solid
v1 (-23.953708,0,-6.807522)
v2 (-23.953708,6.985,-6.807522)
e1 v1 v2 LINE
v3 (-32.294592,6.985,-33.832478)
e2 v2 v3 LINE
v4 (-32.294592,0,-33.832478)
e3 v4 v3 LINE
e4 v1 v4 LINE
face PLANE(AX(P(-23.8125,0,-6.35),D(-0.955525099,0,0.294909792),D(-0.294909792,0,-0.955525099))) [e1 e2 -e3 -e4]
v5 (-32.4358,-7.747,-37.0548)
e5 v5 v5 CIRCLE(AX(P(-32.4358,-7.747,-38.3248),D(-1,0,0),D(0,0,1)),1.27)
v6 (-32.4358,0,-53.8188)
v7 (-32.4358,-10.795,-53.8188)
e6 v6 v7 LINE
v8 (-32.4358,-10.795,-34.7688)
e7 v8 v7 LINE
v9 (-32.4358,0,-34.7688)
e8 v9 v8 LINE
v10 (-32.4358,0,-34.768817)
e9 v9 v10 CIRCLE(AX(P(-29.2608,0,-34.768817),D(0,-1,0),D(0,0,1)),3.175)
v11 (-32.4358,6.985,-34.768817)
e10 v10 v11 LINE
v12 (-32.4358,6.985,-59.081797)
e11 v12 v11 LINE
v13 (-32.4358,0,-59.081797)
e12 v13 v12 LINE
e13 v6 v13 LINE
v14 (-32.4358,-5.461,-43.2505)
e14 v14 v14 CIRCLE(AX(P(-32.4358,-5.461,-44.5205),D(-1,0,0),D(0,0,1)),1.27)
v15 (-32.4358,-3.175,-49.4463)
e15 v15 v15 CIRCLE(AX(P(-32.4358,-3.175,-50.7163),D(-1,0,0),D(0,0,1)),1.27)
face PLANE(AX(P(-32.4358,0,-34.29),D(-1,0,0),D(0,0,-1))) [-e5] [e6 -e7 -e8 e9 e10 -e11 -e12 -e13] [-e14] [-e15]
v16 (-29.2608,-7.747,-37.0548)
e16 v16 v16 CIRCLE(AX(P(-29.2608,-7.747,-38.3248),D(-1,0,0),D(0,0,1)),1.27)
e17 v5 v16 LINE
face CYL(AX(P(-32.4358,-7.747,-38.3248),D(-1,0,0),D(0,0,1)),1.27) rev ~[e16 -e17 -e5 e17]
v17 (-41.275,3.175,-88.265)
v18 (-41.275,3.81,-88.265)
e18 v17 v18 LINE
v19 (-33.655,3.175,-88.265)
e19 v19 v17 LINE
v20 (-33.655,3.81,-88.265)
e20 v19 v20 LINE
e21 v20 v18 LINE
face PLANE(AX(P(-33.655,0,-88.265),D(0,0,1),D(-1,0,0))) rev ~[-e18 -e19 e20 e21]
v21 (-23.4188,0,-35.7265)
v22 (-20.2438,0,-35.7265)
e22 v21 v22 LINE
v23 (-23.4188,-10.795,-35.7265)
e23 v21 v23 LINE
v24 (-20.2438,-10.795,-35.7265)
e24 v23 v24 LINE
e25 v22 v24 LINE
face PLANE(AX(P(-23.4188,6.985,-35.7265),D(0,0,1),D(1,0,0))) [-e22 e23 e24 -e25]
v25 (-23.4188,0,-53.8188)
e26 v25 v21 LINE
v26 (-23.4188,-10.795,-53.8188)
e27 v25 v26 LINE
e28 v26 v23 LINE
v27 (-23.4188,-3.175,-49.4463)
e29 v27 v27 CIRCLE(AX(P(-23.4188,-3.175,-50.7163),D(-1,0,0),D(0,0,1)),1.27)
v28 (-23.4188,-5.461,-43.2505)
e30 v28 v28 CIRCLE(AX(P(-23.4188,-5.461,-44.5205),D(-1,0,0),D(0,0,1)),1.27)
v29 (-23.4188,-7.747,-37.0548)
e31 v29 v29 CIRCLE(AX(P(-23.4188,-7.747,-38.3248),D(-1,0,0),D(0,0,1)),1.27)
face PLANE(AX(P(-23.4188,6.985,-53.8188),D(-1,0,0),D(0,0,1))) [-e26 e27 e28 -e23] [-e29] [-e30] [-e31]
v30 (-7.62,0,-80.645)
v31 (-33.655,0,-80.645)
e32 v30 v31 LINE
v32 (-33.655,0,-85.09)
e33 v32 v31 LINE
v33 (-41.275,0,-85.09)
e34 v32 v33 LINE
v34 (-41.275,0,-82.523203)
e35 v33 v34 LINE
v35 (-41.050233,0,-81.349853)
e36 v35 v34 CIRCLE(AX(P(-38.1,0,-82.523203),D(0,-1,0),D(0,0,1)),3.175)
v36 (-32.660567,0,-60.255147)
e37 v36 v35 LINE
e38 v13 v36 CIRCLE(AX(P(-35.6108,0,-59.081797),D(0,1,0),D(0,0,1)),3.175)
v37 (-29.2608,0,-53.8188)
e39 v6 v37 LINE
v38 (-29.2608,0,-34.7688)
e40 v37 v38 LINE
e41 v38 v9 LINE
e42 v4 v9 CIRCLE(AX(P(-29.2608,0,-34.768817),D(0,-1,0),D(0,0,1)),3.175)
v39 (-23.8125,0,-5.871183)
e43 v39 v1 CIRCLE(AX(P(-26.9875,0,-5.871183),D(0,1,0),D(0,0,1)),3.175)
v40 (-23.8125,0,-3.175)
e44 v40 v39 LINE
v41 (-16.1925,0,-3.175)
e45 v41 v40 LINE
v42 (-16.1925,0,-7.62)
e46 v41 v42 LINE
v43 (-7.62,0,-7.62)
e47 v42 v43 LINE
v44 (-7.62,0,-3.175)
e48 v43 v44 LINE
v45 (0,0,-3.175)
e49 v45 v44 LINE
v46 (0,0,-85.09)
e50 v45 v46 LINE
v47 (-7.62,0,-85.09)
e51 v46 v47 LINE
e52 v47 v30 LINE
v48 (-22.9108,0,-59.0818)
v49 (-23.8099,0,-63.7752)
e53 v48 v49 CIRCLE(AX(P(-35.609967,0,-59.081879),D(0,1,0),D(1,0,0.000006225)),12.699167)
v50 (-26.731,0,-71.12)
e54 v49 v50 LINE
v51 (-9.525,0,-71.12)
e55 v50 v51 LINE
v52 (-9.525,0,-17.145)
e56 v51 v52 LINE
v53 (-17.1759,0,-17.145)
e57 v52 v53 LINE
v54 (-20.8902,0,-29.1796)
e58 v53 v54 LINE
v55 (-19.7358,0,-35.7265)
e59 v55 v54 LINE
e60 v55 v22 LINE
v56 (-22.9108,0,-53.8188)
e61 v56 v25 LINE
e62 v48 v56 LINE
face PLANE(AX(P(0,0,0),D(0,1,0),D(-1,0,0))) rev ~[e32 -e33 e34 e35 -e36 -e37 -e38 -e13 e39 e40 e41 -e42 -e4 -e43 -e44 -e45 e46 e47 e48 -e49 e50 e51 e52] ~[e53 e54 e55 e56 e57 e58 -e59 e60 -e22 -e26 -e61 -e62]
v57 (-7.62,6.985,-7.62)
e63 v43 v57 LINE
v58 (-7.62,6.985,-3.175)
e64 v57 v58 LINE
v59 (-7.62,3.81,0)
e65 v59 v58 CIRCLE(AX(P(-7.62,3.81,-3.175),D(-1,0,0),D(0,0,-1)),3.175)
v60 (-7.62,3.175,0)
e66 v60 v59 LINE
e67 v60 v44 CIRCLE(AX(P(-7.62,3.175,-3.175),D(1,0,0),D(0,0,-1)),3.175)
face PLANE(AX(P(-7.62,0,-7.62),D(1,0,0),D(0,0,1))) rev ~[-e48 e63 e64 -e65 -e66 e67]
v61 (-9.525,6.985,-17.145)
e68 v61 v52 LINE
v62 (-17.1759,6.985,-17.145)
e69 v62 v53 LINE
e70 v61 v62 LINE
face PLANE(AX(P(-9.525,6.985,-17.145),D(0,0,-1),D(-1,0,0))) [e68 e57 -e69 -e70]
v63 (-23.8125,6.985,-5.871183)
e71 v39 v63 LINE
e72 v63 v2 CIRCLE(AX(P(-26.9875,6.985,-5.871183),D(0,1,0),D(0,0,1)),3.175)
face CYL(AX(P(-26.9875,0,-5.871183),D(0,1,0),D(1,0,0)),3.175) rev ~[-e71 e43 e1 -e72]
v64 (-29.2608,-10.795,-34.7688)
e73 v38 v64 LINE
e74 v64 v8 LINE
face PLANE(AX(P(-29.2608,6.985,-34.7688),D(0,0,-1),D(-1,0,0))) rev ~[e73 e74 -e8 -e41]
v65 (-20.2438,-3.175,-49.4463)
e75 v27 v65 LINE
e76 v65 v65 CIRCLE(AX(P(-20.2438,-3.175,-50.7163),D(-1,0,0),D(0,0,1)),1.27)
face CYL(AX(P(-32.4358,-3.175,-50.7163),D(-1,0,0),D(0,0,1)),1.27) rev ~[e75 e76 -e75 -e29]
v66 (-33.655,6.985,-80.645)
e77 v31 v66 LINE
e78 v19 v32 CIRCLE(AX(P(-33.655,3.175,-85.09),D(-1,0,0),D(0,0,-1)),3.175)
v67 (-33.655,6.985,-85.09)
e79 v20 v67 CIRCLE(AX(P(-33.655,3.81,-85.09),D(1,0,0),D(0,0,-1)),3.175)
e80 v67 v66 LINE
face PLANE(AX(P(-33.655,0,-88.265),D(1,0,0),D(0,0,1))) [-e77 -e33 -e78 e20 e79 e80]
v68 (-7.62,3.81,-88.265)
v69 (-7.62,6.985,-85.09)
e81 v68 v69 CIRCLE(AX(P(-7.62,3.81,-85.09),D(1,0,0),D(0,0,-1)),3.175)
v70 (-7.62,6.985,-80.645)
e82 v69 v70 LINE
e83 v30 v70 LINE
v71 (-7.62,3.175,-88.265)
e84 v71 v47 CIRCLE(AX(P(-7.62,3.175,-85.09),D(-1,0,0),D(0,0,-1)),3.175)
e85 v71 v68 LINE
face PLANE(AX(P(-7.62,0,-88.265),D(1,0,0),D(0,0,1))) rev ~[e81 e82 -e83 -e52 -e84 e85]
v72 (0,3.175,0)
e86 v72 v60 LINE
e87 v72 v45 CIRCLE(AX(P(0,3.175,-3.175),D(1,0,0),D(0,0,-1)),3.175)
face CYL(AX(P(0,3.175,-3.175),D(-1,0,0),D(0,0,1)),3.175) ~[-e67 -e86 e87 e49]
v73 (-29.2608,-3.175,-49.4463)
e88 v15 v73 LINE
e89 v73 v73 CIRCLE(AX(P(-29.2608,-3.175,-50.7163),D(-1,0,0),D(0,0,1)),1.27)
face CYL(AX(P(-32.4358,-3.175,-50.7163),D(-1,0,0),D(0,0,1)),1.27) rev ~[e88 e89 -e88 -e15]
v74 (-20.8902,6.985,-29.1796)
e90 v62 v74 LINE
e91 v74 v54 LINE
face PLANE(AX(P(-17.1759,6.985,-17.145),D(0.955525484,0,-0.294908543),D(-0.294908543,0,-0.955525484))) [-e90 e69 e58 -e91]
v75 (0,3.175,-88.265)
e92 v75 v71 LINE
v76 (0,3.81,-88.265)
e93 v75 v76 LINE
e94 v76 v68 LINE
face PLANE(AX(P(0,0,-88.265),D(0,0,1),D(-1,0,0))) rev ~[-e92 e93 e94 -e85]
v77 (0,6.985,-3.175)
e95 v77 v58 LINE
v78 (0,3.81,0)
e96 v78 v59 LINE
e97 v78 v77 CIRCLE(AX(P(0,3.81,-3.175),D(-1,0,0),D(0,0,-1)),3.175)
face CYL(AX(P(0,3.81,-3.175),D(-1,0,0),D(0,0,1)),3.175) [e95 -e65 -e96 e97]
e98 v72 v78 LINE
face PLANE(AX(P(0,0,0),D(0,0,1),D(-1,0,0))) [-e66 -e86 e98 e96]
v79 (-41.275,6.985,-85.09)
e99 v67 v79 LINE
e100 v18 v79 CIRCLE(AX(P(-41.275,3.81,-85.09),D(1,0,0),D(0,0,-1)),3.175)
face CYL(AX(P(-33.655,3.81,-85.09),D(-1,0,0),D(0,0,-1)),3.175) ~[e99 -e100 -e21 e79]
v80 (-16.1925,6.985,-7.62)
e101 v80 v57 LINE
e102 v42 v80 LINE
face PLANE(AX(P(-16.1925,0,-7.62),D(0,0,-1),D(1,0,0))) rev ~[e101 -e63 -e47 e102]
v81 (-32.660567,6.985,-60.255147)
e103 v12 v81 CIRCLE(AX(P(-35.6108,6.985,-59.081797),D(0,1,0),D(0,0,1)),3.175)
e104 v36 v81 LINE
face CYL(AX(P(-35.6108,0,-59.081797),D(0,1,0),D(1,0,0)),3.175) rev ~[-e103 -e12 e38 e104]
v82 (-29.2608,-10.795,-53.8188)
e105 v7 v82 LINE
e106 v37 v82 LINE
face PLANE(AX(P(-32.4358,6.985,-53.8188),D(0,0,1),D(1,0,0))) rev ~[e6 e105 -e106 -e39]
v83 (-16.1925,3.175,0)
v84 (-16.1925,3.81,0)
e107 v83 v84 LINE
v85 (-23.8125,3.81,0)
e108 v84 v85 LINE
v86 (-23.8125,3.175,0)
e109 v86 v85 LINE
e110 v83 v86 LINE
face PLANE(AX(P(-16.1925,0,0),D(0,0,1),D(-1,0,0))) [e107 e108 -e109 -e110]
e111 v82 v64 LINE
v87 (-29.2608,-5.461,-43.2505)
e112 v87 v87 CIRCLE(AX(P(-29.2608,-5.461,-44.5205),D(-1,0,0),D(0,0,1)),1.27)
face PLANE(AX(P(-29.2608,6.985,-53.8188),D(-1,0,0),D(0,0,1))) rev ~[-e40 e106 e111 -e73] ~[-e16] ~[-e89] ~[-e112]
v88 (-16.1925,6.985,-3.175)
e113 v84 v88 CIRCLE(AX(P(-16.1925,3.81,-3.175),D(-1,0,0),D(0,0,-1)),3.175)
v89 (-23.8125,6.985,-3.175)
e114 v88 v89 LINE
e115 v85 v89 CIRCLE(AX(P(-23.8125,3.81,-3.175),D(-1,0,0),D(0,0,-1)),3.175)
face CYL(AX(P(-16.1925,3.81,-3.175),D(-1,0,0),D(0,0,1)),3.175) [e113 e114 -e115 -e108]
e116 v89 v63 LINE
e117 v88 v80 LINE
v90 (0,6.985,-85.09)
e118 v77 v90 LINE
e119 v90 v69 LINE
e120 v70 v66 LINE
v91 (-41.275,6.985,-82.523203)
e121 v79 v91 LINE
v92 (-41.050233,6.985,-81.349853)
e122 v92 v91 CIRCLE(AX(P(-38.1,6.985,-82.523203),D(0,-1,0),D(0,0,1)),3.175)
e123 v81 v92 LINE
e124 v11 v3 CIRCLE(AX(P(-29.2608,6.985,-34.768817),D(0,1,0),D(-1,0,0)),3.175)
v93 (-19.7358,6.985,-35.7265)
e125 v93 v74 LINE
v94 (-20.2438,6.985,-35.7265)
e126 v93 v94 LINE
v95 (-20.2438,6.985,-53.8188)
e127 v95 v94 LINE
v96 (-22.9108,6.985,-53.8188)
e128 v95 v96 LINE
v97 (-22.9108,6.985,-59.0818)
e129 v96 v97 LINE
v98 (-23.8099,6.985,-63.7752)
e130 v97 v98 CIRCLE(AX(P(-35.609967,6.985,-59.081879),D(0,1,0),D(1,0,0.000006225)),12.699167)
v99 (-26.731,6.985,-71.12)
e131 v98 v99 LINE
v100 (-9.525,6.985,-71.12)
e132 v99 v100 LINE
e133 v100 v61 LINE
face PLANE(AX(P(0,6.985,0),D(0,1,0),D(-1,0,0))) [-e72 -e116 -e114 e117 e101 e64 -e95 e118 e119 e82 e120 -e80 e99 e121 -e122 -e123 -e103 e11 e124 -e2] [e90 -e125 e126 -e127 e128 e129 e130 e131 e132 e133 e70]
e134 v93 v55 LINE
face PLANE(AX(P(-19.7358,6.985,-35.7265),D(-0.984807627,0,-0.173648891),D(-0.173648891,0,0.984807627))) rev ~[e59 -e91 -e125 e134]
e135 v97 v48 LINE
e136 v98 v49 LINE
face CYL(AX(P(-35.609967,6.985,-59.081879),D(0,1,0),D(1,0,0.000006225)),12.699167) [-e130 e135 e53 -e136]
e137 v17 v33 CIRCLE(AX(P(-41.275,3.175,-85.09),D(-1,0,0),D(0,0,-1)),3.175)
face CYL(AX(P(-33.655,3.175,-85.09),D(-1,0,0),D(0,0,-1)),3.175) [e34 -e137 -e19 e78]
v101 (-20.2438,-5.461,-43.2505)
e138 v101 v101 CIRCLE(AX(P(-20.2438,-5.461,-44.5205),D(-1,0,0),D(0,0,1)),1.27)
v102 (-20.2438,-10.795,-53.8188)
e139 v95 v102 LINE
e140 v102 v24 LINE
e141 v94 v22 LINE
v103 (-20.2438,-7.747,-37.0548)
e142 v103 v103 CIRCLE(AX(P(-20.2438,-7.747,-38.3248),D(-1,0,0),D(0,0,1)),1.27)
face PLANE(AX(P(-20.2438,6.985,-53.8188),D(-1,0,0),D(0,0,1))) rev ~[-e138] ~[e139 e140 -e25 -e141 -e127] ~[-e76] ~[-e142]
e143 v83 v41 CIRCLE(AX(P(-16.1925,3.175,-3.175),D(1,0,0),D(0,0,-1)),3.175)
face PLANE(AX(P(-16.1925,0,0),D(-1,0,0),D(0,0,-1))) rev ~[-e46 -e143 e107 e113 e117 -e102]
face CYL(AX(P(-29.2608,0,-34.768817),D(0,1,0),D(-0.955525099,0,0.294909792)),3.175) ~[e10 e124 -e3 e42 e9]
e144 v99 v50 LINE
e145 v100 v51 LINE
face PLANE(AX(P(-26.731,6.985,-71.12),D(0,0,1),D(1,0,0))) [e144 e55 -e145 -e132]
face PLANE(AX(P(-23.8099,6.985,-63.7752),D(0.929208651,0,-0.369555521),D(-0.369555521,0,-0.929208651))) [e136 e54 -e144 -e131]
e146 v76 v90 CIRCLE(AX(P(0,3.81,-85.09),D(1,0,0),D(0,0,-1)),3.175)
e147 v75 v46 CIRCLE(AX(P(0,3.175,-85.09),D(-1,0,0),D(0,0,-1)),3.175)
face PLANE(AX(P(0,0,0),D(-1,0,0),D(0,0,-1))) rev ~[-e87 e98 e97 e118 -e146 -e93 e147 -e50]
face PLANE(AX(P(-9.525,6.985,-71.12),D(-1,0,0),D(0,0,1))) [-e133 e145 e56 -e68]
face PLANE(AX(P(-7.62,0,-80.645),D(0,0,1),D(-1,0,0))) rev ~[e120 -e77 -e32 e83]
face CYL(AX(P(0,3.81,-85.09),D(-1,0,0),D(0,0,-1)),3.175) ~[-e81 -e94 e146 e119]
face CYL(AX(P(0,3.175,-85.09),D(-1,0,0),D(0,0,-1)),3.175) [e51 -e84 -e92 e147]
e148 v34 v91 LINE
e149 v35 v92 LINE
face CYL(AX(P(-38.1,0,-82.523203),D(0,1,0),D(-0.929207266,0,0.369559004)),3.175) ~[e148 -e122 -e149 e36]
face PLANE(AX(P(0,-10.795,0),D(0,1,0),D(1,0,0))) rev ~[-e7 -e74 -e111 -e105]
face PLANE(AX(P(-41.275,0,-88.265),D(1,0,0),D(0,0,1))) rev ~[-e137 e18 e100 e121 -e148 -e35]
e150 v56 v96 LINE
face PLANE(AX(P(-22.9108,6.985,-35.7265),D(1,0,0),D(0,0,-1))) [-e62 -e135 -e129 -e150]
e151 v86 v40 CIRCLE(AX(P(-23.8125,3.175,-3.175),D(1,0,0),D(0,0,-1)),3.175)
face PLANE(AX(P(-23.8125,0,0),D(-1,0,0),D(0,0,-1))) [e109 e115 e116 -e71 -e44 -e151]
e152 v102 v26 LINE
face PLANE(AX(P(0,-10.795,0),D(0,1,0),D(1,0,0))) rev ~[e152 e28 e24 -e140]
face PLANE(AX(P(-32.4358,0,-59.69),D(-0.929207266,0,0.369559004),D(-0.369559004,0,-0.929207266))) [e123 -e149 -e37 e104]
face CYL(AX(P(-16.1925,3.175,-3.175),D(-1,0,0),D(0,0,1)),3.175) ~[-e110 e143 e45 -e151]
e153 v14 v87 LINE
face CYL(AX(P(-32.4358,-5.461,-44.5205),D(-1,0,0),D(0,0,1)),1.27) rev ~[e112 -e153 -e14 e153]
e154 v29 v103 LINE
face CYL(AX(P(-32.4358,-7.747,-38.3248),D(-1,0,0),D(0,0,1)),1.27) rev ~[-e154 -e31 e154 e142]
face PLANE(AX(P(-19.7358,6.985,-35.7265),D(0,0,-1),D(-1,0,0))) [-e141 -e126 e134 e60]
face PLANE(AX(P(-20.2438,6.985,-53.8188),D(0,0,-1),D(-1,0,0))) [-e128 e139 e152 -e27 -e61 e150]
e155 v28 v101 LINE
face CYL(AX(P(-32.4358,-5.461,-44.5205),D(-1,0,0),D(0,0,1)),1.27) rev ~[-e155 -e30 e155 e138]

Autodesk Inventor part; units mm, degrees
ref_plane "YZ Plane" through (0, 0, 0) normal (1, 0, 0) x (0, 1, 0)
ref_plane "XZ Plane" through (0, 0, 0) normal (0, 1, 0) x (-1, 0, 0)
ref_plane "XY Plane" through (0, 0, 0) normal (0, 0, 1) x (1, 0, 0)
sketch "Sketch1" plane through (0, 0, 0) normal (0, 1, 0) x (-1, 0, 0)
  line L0 (0, 0) -> (0, -88.265)
  line L1 (0, -88.265) -> (41.275, -88.265)
  line L2 (0, 0) -> (23.8125, 0)
  line L3 (32.4358, -34.29) -> (32.4358, -59.69)
  line L4 (41.275, -88.265) -> (41.275, -81.915)
  line L5 (23.8125, 0) -> (23.8125, -6.35)
  line L6 (23.8125, -6.35) -> (32.4358, -34.29)
  line L7 (32.4358, -59.69) -> (41.275, -81.915)
  line L8 (33.655, -88.265) -> (33.655, -80.645)
  line L9 (7.62, -88.265) -> (7.62, -80.645)
  line L10 (7.62, -80.645) -> (33.655, -80.645)
  line L11 (16.1925, 0) -> (16.1925, -7.62)
  line L12 (16.1925, -7.62) -> (7.62, -7.62)
  line L13 (7.62, -7.62) -> (7.62, 0)
  point P0 (32.4358, -46.99)
  dimension "d0" = 88.265
  dimension "d1" = 41.275
  dimension "d2" = 23.8125
  dimension "d3" = 41.275
  dimension "d4" = 32.4358
  dimension "d5" = 25.4
  dimension "d6" = 12.7
  dimension "d10" = 6.35
  dimension "d11" = 6.35
  dimension "d12" = 7.62
  dimension "d13" = 7.62
  dimension "d14" = 7.62
  dimension "d15" = 7.62
  dimension "d16" = 7.62
  dimension "d17" = 7.62
extrude "Extrusion1" add sketch "Sketch1" along normal blind 6.985 contours L2 L13 L12 L11 L5 L6 L3 L7 L4 L1 L8 L10 L9 L0
fillet "Fillet2" radius 3.175 12 edges at (-41.275, 3.4925, -81.915) (-32.4358, 3.4925, -59.69) (-32.4358, 3.4925, -34.29) (-23.8125, 3.4925, -6.35) (-3.81, 0, 0) (-3.81, 6.985, 0) (-20.0025, 0, 0) (-20.0025, 6.985, 0) (-37.465, 0, -88.265) (-37.465, 6.985, -88.265) (-3.81, 0, -88.265) (-3.81, 6.985, -88.265)
sketch "Sketch2" plane through (0, 6.985, 0) normal (0, 1, 0) x (1, 0, 0)
  line L0 (-7.62, 85.09) -> (0, 85.09) projected
  line L1 (-7.62, 85.09) -> (-7.62, 80.645) projected
  line L2 (-7.62, 80.645) -> (-33.655, 80.645) projected
  line L3 (-33.655, 80.645) -> (-33.655, 85.09) projected
  line L4 (-41.275, 85.09) -> (-33.655, 85.09) projected
  line L5 (-41.275, 85.09) -> (-41.275, 82.5232) projected
  arc A0 (-41.275, 82.5232) -> (-41.0502, 81.3499) centre (-38.1, 82.5232) ccw projected
  line L6 (-41.0502, 81.3499) -> (-32.6606, 60.2551) projected
  arc A1 (-32.4358, 59.0818) -> (-32.6606, 60.2551) centre (-35.6108, 59.0818) ccw projected
  line L7 (-32.4358, 59.0818) -> (-32.4358, 34.7688) projected
  arc A2 (-32.4358, 34.7688) -> (-32.2946, 33.8325) centre (-29.2608, 34.7688) ccw projected
  line L8 (-32.2946, 33.8325) -> (-23.9537, 6.8075) projected
  arc A3 (-23.8125, 5.8712) -> (-23.9537, 6.8075) centre (-26.9875, 5.8712) ccw projected
  line L9 (-23.8125, 5.8712) -> (-23.8125, 3.175) projected
  line L10 (-16.1925, 3.175) -> (-23.8125, 3.175) projected
  line L11 (-16.1925, 3.175) -> (-16.1925, 7.62) projected
  line L12 (-16.1925, 7.62) -> (-7.62, 7.62) projected
  line L13 (-7.62, 7.62) -> (-7.62, 3.175) projected
  line L14 (0, 3.175) -> (-7.62, 3.175) projected
  line L15 (0, 3.175) -> (0, 85.09) projected
  line L16 (-22.9108, 35.7265) -> (-22.9108, 59.0818)
  arc A4 (-22.9108, 59.0818) -> (-23.8099, 63.7752) centre (-35.6108, 59.0818) ccw
  line L17 (-23.8099, 63.7752) -> (-26.731, 71.12)
  line L18 (-26.731, 71.12) -> (-9.525, 71.12)
  line L19 (-9.525, 71.12) -> (-9.525, 17.145)
  line L20 (-9.525, 17.145) -> (-17.1759, 17.145)
  line L21 (-17.1759, 17.145) -> (-22.9108, 35.7265)
  line L22 (-32.4358, 59.0818) -> (-32.4358, 34.7688) projected
  line L23 (-32.4358, 53.8188) -> (-29.2608, 53.8188)
  line L24 (-29.2608, 53.8188) -> (-29.2608, 34.7688)
  line L25 (-29.2608, 34.7688) -> (-32.4358, 34.7688)
  line L26 (-32.4358, 34.7688) -> (-32.4358, 59.0818)
  line L27 (-19.7358, 54.7765) -> (-19.7358, 35.7265)
  line L28 (-19.7358, 35.7265) -> (-22.9108, 35.7265)
  line L29 (-19.7358, 35.7265) -> (-20.8902, 29.1796)
  line L30 (-22.9108, 35.7265) -> (-22.9108, 54.7765)
  line L31 (-22.9108, 54.7765) -> (-19.7358, 54.7765)
  point P0 (0, 0)
  dimension "d19" = 9.525
  dimension "d25" = 3.175
  dimension "d26" = 3.175
  dimension "d28" = 80
  dimension "d44" = 19.05
  dimension "d45" = 19.05
  dimension "d46" = 19.05
extrude "Extrusion2" cut sketch "Sketch2" against normal blind 6.985 contours L16 L31 L27 L28 | L16 A4 L17 L18 L19 L20 L21 L29 L27 L31
sketch "Sketch3" plane through (0, 6.985, 0) normal (0, 1, 0) x (1, 0, 0)
  line L0 (-32.4358, 59.0818) -> (-32.4358, 34.7688) projected
  line L1 (-32.4358, 59.0818) -> (-29.2608, 59.0818)
  line L2 (-29.2608, 59.0818) -> (-29.2608, 34.7688)
  line L3 (-29.2608, 34.7688) -> (-32.4358, 34.7688)
  line L4 (-32.4358, 34.7688) -> (-32.4358, 59.0818)
  line L5 (-20.8902, 29.1796) -> (-17.1759, 17.145) projected
  line L6 (-23.4823, 59.0818) -> (-22.9108, 59.0818)
  line L7 (-22.9108, 59.0818) -> (-22.9108, 35.7265)
  line L8 (-22.9108, 35.7265) -> (-23.4823, 35.7265)
  line L9 (-23.4823, 35.7265) -> (-23.4823, 59.0818)
  point P0 (0, 0)
  dimension "d22" = 3.175
  dimension "d24" = 5.7785
sketch "Sketch4" plane through (0, 6.985, 0) normal (0, 1, 0) x (1, 0, 0)
  line L0 (-32.4358, 53.8188) -> (-29.2608, 53.8188)
  line L1 (-29.2608, 53.8188) -> (-29.2608, 34.7688)
  line L2 (-29.2608, 34.7688) -> (-32.4358, 34.7688)
  line L3 (-32.4358, 34.7688) -> (-32.4358, 53.8188)
  line L4 (-20.2438, 59.0818) -> (-20.2438, 35.7265) projected
  line L5 (-20.2438, 53.8188) -> (-23.4188, 53.8188)
  line L6 (-23.4188, 53.8188) -> (-23.4188, 35.7265)
  line L7 (-23.4188, 35.7265) -> (-20.2438, 35.7265)
  line L8 (-20.2438, 35.7265) -> (-20.2438, 59.0818)
  point P0 (0, 0)
  dimension "d29" = 3.175
  dimension "d30" = 3.175
  dimension "d43" = 19.05
extrude "Extrusion3" add sketch "Sketch4" against normal blind 17.78
sketch "Sketch5" plane through (-32.4358, 6.985, -59.0818) normal (-1, 0, 0) x (0, 0, 1)
  circle A0 centre (20.757, -14.732) radius 1.27
  line L0 (0, 0) -> (24.313, 0) projected
  circle A1 centre (14.5613, -12.446) radius 1.27
  circle A2 centre (8.3655, -10.16) radius 1.27
  line L1 (24.313, -6.985) -> (24.313, -17.78) projected
  line L2 (20.757, -14.732) -> (8.3655, -10.16) construction
  point P0 (59.0818, -6.985)
  dimension "d33" = 2.54
  dimension "d34" = 14.732
  dimension "d35" = 2.54
  dimension "d36" = 6.604
  dimension "d37" = 2.54
  dimension "d38" = 6.604
  dimension "d39" = 10.16
  dimension "d40" = 3.556
extrude "Extrusion4" cut sketch "Sketch5" against normal blind 25.4
sketch "Sketch6" plane through (-23.8125, 0, -5.8712) normal (-1, 0, 0) x (0, 0, 1)
  circle A0 centre (2.5695, 3.5161) radius 1.651
  point P0 (5.8712, 0)
  dimension "d47" = 3.302
equation "\"d38\" = d36"
